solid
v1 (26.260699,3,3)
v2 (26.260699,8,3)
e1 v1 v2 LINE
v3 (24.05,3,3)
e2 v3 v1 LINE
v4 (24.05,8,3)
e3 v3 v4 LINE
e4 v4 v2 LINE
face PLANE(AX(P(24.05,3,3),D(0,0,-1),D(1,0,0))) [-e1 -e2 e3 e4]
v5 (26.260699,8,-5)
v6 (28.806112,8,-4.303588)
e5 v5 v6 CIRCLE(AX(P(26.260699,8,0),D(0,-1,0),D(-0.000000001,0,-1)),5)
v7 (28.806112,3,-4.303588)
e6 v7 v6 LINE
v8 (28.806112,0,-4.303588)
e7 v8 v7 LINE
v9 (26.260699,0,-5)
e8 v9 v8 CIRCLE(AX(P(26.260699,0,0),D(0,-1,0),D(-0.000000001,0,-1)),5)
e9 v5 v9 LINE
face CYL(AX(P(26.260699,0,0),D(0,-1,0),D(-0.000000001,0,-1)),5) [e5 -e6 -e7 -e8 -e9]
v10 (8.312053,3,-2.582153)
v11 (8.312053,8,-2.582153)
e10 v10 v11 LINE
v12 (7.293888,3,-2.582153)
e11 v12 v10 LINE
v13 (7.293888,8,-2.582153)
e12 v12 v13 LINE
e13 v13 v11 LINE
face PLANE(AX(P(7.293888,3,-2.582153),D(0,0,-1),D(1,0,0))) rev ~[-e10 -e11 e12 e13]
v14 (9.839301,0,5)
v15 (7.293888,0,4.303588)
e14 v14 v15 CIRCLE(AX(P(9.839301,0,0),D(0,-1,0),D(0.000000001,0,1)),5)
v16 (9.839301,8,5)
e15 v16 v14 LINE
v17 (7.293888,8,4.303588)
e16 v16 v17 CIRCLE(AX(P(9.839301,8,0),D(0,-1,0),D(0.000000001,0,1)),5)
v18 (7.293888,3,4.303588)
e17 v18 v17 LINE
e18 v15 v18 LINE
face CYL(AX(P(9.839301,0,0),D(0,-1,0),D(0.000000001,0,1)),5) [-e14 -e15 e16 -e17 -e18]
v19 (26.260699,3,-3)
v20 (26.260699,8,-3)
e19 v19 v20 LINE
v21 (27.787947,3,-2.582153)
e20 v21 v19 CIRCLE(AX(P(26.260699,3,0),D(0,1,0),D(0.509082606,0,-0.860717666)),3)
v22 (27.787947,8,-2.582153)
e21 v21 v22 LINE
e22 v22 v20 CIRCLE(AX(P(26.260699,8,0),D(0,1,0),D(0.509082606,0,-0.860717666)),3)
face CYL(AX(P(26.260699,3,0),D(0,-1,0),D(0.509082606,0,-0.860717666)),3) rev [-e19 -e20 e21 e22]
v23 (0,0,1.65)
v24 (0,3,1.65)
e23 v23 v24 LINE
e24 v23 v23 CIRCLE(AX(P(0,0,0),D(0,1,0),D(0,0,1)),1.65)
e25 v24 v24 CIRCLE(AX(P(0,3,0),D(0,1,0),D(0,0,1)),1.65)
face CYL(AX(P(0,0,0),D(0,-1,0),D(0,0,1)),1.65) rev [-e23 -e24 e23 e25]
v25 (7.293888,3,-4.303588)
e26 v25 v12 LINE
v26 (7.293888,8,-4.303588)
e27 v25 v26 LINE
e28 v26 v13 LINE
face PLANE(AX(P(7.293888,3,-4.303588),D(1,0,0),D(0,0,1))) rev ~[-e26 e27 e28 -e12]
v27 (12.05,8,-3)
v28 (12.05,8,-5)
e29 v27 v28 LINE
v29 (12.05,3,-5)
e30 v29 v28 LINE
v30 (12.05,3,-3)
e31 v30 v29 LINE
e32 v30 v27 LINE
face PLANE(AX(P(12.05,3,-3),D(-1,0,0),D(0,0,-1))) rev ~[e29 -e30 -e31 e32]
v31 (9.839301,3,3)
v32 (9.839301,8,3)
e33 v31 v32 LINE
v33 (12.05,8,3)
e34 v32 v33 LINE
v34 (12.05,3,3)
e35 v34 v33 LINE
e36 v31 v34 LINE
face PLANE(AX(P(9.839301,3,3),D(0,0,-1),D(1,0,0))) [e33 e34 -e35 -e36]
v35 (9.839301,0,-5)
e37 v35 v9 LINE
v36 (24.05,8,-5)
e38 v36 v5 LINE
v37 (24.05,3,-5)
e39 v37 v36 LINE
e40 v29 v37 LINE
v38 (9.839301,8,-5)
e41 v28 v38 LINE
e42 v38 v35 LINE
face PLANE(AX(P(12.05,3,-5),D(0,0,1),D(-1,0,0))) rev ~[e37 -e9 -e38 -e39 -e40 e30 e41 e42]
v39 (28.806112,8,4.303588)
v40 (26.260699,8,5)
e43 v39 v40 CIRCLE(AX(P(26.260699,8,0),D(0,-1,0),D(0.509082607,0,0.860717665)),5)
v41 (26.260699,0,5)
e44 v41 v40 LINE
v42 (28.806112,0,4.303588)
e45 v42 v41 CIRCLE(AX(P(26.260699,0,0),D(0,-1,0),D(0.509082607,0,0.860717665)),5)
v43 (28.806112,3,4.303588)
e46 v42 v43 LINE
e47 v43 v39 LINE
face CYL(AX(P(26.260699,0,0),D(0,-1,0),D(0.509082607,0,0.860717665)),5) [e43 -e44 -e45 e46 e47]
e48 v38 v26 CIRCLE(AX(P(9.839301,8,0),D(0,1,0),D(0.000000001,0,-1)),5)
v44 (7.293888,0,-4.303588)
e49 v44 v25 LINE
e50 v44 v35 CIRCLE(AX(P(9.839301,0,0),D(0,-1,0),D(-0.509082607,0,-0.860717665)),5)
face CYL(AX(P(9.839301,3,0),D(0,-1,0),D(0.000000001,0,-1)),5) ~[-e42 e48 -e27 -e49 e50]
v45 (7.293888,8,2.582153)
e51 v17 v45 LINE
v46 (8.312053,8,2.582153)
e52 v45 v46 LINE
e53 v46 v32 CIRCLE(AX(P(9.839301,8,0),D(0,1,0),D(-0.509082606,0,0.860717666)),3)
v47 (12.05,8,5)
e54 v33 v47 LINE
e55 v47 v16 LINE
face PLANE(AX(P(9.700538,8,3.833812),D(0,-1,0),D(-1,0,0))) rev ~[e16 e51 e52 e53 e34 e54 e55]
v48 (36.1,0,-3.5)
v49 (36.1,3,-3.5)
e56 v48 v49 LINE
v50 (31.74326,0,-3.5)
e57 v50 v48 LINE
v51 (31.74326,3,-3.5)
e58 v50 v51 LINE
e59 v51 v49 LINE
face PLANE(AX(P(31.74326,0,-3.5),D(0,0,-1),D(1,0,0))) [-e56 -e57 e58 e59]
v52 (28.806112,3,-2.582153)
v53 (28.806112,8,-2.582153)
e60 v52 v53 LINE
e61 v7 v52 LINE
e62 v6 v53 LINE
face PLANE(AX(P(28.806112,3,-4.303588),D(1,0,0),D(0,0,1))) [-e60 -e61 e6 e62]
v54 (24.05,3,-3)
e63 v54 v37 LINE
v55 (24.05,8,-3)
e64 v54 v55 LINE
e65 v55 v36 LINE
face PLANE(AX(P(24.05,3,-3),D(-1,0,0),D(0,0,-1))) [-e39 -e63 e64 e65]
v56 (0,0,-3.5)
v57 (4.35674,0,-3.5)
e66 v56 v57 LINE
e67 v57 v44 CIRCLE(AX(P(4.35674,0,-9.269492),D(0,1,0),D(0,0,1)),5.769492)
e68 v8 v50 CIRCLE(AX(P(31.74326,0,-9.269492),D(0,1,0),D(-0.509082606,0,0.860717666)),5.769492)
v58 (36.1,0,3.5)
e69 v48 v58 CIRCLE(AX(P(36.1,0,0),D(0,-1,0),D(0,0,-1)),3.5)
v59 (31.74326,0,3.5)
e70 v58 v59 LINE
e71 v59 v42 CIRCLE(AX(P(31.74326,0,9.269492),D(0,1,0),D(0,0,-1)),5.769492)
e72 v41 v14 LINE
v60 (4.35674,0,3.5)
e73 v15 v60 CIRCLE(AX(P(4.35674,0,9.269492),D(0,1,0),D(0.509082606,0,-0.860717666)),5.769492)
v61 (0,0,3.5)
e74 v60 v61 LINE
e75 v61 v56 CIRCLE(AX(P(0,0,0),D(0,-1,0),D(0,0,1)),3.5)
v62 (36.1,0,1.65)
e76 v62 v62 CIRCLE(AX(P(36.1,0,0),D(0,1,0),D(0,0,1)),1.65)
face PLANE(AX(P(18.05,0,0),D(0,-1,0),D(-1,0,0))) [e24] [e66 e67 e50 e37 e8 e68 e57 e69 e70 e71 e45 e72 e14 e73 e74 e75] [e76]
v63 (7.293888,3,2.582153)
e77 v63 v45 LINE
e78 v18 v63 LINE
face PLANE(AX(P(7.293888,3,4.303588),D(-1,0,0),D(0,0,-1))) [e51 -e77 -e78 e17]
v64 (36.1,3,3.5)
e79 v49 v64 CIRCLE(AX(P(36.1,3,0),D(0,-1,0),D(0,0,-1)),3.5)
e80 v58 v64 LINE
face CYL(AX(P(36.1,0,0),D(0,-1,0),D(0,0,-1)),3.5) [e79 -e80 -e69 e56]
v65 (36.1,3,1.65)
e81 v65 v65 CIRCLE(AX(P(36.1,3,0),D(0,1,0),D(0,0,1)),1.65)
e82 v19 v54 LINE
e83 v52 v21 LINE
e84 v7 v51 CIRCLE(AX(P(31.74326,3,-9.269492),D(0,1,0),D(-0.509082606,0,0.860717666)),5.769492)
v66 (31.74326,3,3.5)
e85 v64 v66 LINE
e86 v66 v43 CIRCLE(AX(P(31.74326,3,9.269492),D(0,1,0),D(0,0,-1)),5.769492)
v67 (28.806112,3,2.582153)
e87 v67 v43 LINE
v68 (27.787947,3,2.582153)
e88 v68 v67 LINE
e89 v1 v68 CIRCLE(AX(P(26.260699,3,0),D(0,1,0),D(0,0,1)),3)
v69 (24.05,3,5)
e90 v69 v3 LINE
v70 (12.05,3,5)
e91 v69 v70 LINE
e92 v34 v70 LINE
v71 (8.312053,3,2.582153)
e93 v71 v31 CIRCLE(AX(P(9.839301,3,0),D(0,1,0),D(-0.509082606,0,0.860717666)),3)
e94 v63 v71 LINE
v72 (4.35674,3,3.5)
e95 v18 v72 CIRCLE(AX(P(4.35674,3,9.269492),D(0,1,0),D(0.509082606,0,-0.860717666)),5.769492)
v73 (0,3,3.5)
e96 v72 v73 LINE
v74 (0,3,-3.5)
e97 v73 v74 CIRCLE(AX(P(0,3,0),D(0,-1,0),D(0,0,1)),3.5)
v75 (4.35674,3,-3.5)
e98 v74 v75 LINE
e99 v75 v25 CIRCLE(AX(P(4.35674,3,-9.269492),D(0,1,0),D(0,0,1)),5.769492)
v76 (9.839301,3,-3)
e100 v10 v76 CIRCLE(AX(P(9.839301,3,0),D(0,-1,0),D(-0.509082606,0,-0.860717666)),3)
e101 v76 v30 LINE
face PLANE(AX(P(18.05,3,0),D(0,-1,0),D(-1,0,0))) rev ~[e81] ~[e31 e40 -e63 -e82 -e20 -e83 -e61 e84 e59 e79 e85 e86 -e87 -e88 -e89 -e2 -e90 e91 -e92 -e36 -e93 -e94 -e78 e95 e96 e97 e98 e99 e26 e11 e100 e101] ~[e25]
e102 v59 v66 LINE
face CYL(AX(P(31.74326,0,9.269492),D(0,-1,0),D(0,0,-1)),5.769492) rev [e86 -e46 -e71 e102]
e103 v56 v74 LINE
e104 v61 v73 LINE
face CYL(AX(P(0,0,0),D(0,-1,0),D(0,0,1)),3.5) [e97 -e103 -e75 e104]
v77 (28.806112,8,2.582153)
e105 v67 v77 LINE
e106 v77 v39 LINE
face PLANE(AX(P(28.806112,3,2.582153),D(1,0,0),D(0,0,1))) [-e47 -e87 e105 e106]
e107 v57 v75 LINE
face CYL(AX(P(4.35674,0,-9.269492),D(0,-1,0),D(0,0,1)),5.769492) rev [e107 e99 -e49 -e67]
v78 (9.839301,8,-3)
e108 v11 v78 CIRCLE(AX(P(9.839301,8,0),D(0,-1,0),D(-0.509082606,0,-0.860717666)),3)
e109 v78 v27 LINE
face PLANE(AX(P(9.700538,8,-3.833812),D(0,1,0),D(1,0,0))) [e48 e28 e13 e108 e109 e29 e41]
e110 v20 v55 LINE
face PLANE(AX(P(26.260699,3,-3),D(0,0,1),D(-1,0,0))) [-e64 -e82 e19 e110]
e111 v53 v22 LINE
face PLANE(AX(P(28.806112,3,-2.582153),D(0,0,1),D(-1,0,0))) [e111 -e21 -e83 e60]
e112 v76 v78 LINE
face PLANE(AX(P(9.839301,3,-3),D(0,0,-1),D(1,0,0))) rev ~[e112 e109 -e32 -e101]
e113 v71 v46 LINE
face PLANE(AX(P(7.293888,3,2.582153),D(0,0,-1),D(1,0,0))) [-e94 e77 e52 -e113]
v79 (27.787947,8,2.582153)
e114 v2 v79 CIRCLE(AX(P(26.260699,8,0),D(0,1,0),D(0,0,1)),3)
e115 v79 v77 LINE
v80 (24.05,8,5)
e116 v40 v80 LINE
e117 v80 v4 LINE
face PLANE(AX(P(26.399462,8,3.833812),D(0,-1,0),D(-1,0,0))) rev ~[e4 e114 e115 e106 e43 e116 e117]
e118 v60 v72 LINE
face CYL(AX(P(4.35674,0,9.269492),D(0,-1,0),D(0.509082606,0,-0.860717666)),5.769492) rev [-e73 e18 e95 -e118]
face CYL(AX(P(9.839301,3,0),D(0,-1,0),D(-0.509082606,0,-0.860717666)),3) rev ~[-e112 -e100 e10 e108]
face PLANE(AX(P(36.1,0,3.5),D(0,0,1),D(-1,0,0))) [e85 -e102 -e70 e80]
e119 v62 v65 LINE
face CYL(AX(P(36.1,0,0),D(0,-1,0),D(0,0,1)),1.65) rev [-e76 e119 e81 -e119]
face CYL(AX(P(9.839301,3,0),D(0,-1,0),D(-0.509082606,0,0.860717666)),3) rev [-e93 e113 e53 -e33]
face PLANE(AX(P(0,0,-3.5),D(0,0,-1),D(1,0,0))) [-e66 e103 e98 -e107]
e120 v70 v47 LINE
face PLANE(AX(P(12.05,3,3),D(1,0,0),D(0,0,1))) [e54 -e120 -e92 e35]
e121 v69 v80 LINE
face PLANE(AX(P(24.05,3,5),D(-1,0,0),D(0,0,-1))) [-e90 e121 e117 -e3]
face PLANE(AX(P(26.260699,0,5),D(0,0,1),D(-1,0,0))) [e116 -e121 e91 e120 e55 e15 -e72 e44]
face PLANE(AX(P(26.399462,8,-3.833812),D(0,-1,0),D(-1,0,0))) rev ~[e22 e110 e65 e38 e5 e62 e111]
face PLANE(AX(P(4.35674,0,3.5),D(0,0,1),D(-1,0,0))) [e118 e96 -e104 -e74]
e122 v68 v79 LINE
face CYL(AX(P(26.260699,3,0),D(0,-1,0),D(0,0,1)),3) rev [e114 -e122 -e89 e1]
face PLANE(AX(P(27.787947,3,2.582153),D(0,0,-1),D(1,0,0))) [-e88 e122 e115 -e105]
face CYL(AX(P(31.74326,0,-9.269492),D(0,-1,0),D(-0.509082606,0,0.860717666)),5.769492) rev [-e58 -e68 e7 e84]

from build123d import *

# Parameters (mm, degrees)
SKETCH2_R           = 1.65
BOSS_EXTRUDE1_DEPTH = 3
BOSS_EXTRUDE2_DEPTH = 5


with BuildPart() as part:
    # Sketch2 → Boss-Extrude1 (new body)
    with BuildSketch(Plane(origin=(0, 0, 0), x_dir=(1, 0, 0), z_dir=(0, 1, 0))):
        with BuildLine():
            Line((0, 3.5), (4.356739527, 3.5))
            ThreePointArc((4.356739527, 3.5), (5.879286162, 3.704522124), (7.293887604, 4.303588328))
            ThreePointArc((7.293887604, 4.303588328), (8.519819988, 4.822755522), (9.839300635, 5))
            Line((9.839300635, 5), (26.260699365, 5))
            ThreePointArc((26.260699365, 5), (27.580180012, 4.822755522), (28.806112396, 4.303588328))
            ThreePointArc((28.806112396, 4.303588328), (30.220713838, 3.704522124), (31.743260473, 3.5))
            Line((31.743260473, 3.5), (36.1, 3.5))
            ThreePointArc((36.1, 3.5), (39.6, 0), (36.1, -3.5))
            Line((36.1, -3.5), (31.743260473, -3.5))
            ThreePointArc((31.743260473, -3.5), (30.220713838, -3.704522124), (28.806112396, -4.303588328))
            ThreePointArc((28.806112396, -4.303588328), (27.580180012, -4.822755522), (26.260699365, -5))
            Line((26.260699365, -5), (9.839300635, -5))
            ThreePointArc((9.839300635, -5), (8.519819988, -4.822755522), (7.293887604, -4.303588328))
            ThreePointArc((7.293887604, -4.303588328), (5.879286162, -3.704522124), (4.356739527, -3.5))
            Line((4.356739527, -3.5), (0, -3.5))
            ThreePointArc((0, -3.5), (-3.5, 0), (0, 3.5))
        make_face()
        with Locations(Location((0, 0, 0), (0, 0, 270))):
            Circle(SKETCH2_R, mode=Mode.SUBTRACT)
        with Locations(Location((36.1, 0, 0), (0, 0, 270))):
            Circle(SKETCH2_R, mode=Mode.SUBTRACT)
    extrude(amount=BOSS_EXTRUDE1_DEPTH)

    # Sketch3 → Boss-Extrude2 (add)
    with BuildSketch(Plane(origin=(0, 3, 0), x_dir=(1, 0, 0), z_dir=(0, 1, 0))):
        with BuildLine():
            Line((7.293887604, 4.303588328), (7.293887604, 2.582152997))
            Line((7.293887604, 2.582152997), (8.312052816, 2.582152997))
            ThreePointArc((8.312052816, 2.582152997), (9.047612247, 2.893653313), (9.839300635, 3))
            Line((9.839300635, 3), (12.05, 3))
            Line((12.05, 3), (12.05, 5))
            Line((12.05, 5), (9.839300635, 5))
            ThreePointArc((9.839300635, 5), (8.519819988, 4.822755522), (7.293887604, 4.303588328))
        make_face()
        with BuildLine():
            Line((28.806112396, 4.303588328), (28.806112396, 2.582152997))
            Line((28.806112396, 2.582152997), (27.787947184, 2.582152997))
            ThreePointArc((27.787947184, 2.582152997), (27.052387753, 2.893653313), (26.260699365, 3))
            Line((26.260699365, 3), (24.05, 3))
            Line((24.05, 3), (24.05, 5))
            Line((24.05, 5), (26.260699365, 5))
            ThreePointArc((26.260699365, 5), (27.580180012, 4.822755522), (28.806112396, 4.303588328))
        make_face()
        with BuildLine():
            Line((9.839300635, -3), (12.05, -3))
            Line((12.05, -3), (12.05, -5))
            Line((12.05, -5), (9.839300635, -5))
            ThreePointArc((9.839300635, -5), (8.519819988, -4.822755522), (7.293887604, -4.303588328))
            Line((7.293887604, -4.303588328), (7.293887604, -2.582152997))
            Line((7.293887604, -2.582152997), (8.312052816, -2.582152997))
            ThreePointArc((8.312052816, -2.582152997), (9.047612247, -2.893653313), (9.839300635, -3))
        make_face()
        with BuildLine():
            Line((27.787947184, -2.582152997), (28.806112396, -2.582152997))
            Line((28.806112396, -2.582152997), (28.806112396, -4.303588328))
            ThreePointArc((28.806112396, -4.303588328), (27.580180012, -4.822755522), (26.260699365, -5))
            Line((26.260699365, -5), (24.05, -5))
            Line((24.05, -5), (24.05, -3))
            Line((24.05, -3), (26.260699365, -3))
            ThreePointArc((26.260699365, -3), (27.052387753, -2.893653313), (27.787947184, -2.582152997))
        make_face()
    extrude(amount=BOSS_EXTRUDE2_DEPTH)


solid = part.part
